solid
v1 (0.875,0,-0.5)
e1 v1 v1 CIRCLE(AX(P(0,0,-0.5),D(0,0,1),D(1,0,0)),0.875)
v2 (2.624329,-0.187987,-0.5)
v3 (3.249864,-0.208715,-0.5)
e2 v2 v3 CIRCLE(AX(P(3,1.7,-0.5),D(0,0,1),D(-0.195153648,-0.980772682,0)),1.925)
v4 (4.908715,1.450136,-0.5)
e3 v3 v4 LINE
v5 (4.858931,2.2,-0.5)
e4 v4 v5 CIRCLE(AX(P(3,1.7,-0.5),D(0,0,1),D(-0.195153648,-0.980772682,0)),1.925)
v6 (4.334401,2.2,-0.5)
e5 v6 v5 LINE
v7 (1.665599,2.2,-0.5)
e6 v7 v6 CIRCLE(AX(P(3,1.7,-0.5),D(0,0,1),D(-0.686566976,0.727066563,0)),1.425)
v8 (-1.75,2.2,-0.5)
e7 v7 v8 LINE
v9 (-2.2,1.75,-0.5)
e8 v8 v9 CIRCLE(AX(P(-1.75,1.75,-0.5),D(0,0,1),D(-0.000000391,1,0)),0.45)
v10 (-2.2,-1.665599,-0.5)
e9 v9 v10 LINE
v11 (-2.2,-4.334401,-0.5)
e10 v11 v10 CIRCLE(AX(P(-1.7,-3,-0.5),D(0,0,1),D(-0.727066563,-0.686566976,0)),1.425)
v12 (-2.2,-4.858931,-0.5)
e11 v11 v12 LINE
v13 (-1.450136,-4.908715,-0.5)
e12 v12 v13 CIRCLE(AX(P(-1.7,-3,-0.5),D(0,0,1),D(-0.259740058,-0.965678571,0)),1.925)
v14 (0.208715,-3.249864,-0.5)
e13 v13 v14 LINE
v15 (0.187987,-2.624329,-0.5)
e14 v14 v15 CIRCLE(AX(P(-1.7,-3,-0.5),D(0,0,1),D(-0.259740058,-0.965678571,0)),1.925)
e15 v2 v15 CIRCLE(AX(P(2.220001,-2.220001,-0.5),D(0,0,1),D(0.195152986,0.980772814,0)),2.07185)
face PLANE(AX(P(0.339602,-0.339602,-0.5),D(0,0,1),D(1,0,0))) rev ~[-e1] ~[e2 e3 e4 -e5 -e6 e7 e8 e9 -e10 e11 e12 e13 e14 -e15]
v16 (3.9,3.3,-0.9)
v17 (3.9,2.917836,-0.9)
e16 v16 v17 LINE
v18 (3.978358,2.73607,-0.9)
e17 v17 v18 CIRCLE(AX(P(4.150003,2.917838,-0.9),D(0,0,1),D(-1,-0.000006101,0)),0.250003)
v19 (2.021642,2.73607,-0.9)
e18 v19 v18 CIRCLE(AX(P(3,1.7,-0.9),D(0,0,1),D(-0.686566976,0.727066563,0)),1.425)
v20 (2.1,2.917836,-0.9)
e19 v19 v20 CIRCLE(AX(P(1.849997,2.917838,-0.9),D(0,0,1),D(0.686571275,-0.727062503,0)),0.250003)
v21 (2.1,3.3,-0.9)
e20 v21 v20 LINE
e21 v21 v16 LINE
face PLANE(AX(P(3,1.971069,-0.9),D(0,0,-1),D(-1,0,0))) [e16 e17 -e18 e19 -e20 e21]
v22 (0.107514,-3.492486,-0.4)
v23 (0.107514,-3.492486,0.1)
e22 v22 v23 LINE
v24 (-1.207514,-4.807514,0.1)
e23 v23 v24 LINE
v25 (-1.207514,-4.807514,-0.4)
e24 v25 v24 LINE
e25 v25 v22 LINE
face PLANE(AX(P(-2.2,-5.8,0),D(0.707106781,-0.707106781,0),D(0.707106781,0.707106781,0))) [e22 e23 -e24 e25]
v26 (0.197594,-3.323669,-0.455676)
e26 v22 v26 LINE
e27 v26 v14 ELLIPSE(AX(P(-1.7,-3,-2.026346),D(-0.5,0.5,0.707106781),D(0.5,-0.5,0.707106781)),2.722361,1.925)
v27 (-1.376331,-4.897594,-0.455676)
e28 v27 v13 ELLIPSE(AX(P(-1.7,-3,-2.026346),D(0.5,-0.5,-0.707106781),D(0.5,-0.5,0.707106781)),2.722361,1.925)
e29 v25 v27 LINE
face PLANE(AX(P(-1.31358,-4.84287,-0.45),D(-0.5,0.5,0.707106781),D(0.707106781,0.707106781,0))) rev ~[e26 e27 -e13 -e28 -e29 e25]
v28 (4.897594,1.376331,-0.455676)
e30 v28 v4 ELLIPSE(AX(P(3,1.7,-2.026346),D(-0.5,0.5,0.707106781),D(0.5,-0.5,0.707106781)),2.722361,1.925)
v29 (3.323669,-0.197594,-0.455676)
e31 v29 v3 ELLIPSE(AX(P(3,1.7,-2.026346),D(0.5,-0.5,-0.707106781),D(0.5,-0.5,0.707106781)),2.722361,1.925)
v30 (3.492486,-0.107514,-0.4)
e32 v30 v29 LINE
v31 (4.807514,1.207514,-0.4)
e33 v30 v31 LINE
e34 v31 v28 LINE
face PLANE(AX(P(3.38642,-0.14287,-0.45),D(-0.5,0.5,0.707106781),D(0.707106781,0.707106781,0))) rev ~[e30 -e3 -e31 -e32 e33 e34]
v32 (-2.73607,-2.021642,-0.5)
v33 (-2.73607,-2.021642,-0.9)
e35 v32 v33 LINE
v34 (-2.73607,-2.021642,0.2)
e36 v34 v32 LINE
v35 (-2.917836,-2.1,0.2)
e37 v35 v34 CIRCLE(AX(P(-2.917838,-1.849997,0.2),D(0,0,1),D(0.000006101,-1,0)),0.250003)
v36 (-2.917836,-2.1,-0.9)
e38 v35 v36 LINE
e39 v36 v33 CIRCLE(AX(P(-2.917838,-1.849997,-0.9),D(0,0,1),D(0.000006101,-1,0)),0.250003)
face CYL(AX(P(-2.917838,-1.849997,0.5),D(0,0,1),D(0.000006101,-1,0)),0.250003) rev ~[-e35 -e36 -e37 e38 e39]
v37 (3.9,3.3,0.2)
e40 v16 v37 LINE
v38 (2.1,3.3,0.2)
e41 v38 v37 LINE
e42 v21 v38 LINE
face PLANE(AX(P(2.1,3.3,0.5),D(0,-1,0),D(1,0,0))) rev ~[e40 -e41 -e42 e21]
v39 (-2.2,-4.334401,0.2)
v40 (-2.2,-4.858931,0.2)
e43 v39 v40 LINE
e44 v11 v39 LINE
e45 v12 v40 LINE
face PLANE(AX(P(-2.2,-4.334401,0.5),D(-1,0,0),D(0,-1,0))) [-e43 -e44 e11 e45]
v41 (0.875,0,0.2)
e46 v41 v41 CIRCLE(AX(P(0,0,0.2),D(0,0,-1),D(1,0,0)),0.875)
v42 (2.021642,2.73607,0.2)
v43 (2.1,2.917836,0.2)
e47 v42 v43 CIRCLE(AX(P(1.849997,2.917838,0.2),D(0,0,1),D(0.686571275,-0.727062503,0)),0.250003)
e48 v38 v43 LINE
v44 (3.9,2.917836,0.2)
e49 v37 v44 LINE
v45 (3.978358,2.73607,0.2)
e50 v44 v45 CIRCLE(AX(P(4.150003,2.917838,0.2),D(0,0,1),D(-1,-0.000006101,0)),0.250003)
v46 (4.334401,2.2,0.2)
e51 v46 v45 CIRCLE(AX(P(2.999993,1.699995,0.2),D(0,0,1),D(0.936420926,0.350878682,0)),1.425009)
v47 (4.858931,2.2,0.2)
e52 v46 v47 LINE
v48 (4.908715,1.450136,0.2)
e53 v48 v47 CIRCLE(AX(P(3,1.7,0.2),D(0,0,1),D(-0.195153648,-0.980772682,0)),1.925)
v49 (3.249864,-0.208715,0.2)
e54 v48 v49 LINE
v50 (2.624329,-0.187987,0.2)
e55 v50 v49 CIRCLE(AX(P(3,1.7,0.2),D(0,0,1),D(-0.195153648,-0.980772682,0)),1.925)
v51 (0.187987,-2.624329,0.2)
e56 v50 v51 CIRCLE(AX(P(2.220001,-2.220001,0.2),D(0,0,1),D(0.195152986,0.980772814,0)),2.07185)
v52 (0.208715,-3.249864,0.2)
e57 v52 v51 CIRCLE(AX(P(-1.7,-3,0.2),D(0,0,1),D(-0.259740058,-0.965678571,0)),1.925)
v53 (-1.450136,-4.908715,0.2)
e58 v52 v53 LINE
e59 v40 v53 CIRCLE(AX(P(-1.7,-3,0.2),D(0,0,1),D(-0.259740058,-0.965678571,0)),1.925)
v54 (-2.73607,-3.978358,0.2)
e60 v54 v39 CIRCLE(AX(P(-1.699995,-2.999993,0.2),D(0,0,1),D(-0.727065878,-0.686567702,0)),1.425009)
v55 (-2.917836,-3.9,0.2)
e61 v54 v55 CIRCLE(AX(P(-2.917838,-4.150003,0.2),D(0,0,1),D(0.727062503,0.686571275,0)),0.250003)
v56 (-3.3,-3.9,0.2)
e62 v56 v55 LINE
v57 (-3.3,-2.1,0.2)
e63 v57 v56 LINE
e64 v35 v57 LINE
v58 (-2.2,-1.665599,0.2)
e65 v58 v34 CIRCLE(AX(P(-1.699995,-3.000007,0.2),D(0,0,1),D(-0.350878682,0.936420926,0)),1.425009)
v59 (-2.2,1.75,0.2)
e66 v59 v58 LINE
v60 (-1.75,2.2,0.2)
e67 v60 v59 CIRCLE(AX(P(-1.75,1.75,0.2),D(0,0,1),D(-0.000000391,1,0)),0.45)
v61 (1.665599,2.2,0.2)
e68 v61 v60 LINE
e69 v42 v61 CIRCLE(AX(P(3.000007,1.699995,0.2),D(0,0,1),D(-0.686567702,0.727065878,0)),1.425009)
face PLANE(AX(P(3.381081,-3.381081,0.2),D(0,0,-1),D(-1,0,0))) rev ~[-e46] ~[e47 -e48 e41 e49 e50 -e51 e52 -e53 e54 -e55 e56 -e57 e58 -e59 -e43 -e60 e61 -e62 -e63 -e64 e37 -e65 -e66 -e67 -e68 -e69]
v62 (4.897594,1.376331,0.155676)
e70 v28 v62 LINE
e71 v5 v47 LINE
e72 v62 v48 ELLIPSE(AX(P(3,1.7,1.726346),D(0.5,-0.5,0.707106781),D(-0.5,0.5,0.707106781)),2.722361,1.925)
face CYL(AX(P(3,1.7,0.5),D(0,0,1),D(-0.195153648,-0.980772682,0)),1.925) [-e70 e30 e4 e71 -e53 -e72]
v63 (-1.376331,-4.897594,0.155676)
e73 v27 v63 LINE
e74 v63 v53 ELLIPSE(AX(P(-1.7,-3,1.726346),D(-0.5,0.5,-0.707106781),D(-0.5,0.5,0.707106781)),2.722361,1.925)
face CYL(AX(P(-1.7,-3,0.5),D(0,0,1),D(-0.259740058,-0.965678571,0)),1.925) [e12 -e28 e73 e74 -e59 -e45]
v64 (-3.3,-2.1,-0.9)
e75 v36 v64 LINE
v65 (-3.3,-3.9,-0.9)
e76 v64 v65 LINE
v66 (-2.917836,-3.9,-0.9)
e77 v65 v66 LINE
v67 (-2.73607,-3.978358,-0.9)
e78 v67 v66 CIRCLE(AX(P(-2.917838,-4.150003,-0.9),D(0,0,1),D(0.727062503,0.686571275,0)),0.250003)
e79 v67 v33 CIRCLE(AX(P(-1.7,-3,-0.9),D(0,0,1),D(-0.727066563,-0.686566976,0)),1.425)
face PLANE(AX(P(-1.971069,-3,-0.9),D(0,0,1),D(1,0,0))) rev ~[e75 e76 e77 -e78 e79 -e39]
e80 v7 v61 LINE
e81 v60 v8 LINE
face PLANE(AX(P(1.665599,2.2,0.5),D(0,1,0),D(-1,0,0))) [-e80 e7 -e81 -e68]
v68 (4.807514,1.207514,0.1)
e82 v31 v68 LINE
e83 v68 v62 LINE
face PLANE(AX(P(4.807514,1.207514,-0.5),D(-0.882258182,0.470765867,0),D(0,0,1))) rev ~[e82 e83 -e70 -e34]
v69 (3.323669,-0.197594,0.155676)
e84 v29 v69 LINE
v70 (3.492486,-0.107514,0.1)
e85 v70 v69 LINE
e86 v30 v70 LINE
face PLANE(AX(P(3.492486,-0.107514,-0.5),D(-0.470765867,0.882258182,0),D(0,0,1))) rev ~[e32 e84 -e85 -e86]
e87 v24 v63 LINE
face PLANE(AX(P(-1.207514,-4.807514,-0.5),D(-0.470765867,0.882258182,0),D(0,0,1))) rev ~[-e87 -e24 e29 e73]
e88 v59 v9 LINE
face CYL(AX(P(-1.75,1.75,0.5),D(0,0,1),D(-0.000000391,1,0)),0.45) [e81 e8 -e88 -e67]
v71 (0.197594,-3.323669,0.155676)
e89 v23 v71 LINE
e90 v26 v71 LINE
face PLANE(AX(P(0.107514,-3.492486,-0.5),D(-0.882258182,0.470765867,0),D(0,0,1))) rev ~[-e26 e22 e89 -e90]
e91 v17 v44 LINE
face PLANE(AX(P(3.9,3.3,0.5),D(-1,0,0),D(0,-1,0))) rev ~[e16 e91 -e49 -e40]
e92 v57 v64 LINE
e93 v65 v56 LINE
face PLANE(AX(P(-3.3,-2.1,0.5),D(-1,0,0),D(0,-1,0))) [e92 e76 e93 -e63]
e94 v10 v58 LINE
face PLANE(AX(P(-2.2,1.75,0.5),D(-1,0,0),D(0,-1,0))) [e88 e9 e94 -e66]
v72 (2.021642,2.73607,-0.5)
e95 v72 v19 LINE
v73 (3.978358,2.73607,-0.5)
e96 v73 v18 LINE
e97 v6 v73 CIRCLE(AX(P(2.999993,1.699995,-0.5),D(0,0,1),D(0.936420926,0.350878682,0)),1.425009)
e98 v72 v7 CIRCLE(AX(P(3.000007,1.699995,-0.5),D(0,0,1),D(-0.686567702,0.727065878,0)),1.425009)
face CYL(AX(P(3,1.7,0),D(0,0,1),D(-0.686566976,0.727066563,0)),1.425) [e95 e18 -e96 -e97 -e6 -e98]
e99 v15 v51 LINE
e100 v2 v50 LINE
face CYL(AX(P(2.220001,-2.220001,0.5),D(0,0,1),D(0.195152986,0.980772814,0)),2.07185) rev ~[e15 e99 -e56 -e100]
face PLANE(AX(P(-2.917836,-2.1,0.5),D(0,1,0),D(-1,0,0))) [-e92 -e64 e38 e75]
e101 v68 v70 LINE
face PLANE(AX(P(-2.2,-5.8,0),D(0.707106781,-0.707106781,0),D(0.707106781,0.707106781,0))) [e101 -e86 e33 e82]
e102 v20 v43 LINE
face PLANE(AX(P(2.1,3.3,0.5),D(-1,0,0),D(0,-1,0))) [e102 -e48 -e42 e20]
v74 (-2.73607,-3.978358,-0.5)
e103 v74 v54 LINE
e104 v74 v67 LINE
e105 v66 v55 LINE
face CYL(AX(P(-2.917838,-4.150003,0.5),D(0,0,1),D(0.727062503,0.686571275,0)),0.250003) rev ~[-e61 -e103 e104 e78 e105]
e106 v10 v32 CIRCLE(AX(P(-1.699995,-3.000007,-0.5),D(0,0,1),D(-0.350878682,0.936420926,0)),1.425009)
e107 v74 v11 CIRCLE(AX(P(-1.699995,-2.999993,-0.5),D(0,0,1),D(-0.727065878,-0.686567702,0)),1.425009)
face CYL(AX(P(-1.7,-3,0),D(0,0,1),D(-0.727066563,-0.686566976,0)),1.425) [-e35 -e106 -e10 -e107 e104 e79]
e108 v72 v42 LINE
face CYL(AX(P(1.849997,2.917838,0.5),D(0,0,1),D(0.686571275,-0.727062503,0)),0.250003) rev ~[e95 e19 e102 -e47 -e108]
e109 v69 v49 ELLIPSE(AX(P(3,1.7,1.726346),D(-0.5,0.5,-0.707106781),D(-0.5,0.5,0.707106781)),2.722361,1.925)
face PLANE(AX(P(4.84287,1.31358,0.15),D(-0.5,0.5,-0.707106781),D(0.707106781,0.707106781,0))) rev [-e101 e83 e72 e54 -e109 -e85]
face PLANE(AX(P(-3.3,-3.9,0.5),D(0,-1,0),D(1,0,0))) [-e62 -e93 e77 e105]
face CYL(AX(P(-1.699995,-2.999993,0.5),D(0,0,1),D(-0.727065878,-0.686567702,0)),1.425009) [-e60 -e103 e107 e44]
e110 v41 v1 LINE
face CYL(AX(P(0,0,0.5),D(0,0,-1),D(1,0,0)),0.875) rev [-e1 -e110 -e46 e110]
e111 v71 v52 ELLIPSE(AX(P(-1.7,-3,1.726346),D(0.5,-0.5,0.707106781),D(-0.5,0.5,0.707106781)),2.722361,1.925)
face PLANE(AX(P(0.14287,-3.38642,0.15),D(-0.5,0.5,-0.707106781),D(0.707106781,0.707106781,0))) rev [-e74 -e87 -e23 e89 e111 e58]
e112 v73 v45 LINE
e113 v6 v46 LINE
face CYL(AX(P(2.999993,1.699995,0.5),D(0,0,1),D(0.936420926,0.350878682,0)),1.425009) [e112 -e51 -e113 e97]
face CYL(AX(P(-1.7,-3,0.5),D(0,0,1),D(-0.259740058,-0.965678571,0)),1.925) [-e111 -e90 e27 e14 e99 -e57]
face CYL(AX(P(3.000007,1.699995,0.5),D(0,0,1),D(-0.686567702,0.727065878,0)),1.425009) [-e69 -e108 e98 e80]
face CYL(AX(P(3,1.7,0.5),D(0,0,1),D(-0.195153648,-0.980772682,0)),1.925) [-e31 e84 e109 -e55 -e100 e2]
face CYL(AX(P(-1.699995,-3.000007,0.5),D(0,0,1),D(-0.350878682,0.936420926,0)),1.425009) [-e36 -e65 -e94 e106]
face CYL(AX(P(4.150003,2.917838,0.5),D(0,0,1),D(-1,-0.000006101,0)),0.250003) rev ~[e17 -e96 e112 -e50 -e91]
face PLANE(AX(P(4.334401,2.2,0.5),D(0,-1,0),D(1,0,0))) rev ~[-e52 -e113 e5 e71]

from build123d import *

# Parameters (mm, degrees)
SKETCH493_R     = 0.875
PAD402_DEPTH    = 1
POCKET036_DEPTH = 1.3
PAD_DEPTH       = 0.9
POCKET_DEPTH    = 2.5
CHAMFER_SIZE    = 0.1


with BuildPart() as part:
    # Sketch493 → Pad402 (new body, symmetric)
    with BuildSketch(Plane(origin=(50, -50, 0.5), x_dir=(1, 0, 0), z_dir=(0, 0, 1))):
        with BuildLine():
            Line((-53.3, 47.9), (-53.3, 46.1))
            Line((-53.3, 46.1), (-52.917836, 46.1))
            ThreePointArc((-52.73607, 46.021642), (-52.818868, 46.079576), (-52.917836, 46.1))
            ThreePointArc((-52.73607, 46.021642), (-52.488396, 45.812963), (-52.2, 45.665599))
            Line((-52.2, 45.665599), (-52.2, 45.141069))
            ThreePointArc((-52.2, 45.141069), (-50.38471, 45.594427), (-49.812013, 47.375671))
            ThreePointArc((-47.375671, 49.812013), (-49.245018, 49.245018), (-49.812013, 47.375671))
            ThreePointArc((-47.375671, 49.812013), (-45.594427, 50.38471), (-45.141069, 52.2))
            Line((-45.665599, 52.2), (-45.141069, 52.2))
            ThreePointArc((-45.665599, 52.2), (-45.812963, 52.488396), (-46.021642, 52.73607))
            ThreePointArc((-46.1, 52.917836), (-46.079576, 52.818868), (-46.021642, 52.73607))
            Line((-46.1, 53.3), (-46.1, 52.917836))
            Line((-47.9, 53.3), (-46.1, 53.3))
            Line((-47.9, 53.3), (-47.9, 52.917836))
            ThreePointArc((-47.978358, 52.73607), (-47.920424, 52.818868), (-47.9, 52.917836))
            ThreePointArc((-47.978358, 52.73607), (-48.187037, 52.488396), (-48.334401, 52.2))
            Line((-48.334401, 52.2), (-51.75, 52.2))
            ThreePointArc((-51.75, 52.2), (-52.068198, 52.068198), (-52.2, 51.75))
            Line((-52.2, 51.75), (-52.2, 48.334401))
            ThreePointArc((-52.2, 48.334401), (-52.488396, 48.187037), (-52.73607, 47.978358))
            ThreePointArc((-52.917836, 47.9), (-52.818868, 47.920424), (-52.73607, 47.978358))
            Line((-52.917836, 47.9), (-53.3, 47.9))
        make_face()
        with Locations((-50, 50)):
            Circle(SKETCH493_R, mode=Mode.SUBTRACT)
    extrude(amount=PAD402_DEPTH, both=True)

    # Sketch494 → Pocket036 (cut)
    with BuildSketch(Plane(origin=(50, -50, 1.5), x_dir=(1, 0, 0), z_dir=(0, 0, 1))):
        with BuildLine():
            Line((0, 0), (-100, 0))
            Line((-100, 0), (-100, 51.8))
            ThreePointArc((-51.8, 100), (-85.882547, 85.882547), (-100, 51.8))
            Line((-51.8, 100), (0, 100))
            Line((0, 100), (0, 0))
        make_face()
    extrude(amount=-POCKET036_DEPTH, mode=Mode.SUBTRACT)

    # Sketch497 → Pad (join)
    with BuildSketch(Plane(origin=(50, -50, 0), x_dir=(1, 0, 0), z_dir=(0, 0, 1))):
        with BuildLine():
            Line((-53.3, 47.9), (-53.3, 46.1))
            Line((-53.3, 46.1), (-52.917836, 46.1))
            ThreePointArc((-52.73607, 46.021642), (-52.818868, 46.079576), (-52.917836, 46.1))
            ThreePointArc((-52.73607, 46.021642), (-50.275, 47), (-52.73607, 47.978358))
            ThreePointArc((-52.917836, 47.9), (-52.818868, 47.920424), (-52.73607, 47.978358))
            Line((-52.917836, 47.9), (-53.3, 47.9))
        make_face()
        with BuildLine():
            Line((-46.1, 53.3), (-46.1, 52.917836))
            ThreePointArc((-46.1, 52.917836), (-46.079576, 52.818868), (-46.021642, 52.73607))
            ThreePointArc((-47.978358, 52.73607), (-47, 50.275), (-46.021642, 52.73607))
            ThreePointArc((-47.978358, 52.73607), (-47.920424, 52.818868), (-47.9, 52.917836))
            Line((-47.9, 53.3), (-47.9, 52.917836))
            Line((-47.9, 53.3), (-46.1, 53.3))
        make_face()
    extrude(amount=-PAD_DEPTH)

    # Sketch → Pocket (cut, symmetric)
    with BuildSketch(Plane(origin=(50, -50, 0), x_dir=(1, 0, 0), z_dir=(0, 0, 1))):
        Polygon((-52.2, 44.2), (-44.2, 52.2), (-42, 52.2), (-52.2, 42), align=None)
    extrude(amount=POCKET_DEPTH, both=True, mode=Mode.SUBTRACT)

    # Chamfer
    chamfer_edges = [part.edges().sort_by_distance(p)[0] for p in [
        (4.15, 0.55, 0.2),
        (4.878226, 1.278226, -0.15),
        (4.15, 0.55, -0.5),
        (3.421774, -0.178226, -0.15),
        (-0.55, -4.15, 0.2),
        (0.178226, -3.421774, -0.15),
        (-0.55, -4.15, -0.5),
        (-1.278226, -4.878226, -0.15),
    ]]
    chamfer(chamfer_edges, length=CHAMFER_SIZE)


solid = part.part
